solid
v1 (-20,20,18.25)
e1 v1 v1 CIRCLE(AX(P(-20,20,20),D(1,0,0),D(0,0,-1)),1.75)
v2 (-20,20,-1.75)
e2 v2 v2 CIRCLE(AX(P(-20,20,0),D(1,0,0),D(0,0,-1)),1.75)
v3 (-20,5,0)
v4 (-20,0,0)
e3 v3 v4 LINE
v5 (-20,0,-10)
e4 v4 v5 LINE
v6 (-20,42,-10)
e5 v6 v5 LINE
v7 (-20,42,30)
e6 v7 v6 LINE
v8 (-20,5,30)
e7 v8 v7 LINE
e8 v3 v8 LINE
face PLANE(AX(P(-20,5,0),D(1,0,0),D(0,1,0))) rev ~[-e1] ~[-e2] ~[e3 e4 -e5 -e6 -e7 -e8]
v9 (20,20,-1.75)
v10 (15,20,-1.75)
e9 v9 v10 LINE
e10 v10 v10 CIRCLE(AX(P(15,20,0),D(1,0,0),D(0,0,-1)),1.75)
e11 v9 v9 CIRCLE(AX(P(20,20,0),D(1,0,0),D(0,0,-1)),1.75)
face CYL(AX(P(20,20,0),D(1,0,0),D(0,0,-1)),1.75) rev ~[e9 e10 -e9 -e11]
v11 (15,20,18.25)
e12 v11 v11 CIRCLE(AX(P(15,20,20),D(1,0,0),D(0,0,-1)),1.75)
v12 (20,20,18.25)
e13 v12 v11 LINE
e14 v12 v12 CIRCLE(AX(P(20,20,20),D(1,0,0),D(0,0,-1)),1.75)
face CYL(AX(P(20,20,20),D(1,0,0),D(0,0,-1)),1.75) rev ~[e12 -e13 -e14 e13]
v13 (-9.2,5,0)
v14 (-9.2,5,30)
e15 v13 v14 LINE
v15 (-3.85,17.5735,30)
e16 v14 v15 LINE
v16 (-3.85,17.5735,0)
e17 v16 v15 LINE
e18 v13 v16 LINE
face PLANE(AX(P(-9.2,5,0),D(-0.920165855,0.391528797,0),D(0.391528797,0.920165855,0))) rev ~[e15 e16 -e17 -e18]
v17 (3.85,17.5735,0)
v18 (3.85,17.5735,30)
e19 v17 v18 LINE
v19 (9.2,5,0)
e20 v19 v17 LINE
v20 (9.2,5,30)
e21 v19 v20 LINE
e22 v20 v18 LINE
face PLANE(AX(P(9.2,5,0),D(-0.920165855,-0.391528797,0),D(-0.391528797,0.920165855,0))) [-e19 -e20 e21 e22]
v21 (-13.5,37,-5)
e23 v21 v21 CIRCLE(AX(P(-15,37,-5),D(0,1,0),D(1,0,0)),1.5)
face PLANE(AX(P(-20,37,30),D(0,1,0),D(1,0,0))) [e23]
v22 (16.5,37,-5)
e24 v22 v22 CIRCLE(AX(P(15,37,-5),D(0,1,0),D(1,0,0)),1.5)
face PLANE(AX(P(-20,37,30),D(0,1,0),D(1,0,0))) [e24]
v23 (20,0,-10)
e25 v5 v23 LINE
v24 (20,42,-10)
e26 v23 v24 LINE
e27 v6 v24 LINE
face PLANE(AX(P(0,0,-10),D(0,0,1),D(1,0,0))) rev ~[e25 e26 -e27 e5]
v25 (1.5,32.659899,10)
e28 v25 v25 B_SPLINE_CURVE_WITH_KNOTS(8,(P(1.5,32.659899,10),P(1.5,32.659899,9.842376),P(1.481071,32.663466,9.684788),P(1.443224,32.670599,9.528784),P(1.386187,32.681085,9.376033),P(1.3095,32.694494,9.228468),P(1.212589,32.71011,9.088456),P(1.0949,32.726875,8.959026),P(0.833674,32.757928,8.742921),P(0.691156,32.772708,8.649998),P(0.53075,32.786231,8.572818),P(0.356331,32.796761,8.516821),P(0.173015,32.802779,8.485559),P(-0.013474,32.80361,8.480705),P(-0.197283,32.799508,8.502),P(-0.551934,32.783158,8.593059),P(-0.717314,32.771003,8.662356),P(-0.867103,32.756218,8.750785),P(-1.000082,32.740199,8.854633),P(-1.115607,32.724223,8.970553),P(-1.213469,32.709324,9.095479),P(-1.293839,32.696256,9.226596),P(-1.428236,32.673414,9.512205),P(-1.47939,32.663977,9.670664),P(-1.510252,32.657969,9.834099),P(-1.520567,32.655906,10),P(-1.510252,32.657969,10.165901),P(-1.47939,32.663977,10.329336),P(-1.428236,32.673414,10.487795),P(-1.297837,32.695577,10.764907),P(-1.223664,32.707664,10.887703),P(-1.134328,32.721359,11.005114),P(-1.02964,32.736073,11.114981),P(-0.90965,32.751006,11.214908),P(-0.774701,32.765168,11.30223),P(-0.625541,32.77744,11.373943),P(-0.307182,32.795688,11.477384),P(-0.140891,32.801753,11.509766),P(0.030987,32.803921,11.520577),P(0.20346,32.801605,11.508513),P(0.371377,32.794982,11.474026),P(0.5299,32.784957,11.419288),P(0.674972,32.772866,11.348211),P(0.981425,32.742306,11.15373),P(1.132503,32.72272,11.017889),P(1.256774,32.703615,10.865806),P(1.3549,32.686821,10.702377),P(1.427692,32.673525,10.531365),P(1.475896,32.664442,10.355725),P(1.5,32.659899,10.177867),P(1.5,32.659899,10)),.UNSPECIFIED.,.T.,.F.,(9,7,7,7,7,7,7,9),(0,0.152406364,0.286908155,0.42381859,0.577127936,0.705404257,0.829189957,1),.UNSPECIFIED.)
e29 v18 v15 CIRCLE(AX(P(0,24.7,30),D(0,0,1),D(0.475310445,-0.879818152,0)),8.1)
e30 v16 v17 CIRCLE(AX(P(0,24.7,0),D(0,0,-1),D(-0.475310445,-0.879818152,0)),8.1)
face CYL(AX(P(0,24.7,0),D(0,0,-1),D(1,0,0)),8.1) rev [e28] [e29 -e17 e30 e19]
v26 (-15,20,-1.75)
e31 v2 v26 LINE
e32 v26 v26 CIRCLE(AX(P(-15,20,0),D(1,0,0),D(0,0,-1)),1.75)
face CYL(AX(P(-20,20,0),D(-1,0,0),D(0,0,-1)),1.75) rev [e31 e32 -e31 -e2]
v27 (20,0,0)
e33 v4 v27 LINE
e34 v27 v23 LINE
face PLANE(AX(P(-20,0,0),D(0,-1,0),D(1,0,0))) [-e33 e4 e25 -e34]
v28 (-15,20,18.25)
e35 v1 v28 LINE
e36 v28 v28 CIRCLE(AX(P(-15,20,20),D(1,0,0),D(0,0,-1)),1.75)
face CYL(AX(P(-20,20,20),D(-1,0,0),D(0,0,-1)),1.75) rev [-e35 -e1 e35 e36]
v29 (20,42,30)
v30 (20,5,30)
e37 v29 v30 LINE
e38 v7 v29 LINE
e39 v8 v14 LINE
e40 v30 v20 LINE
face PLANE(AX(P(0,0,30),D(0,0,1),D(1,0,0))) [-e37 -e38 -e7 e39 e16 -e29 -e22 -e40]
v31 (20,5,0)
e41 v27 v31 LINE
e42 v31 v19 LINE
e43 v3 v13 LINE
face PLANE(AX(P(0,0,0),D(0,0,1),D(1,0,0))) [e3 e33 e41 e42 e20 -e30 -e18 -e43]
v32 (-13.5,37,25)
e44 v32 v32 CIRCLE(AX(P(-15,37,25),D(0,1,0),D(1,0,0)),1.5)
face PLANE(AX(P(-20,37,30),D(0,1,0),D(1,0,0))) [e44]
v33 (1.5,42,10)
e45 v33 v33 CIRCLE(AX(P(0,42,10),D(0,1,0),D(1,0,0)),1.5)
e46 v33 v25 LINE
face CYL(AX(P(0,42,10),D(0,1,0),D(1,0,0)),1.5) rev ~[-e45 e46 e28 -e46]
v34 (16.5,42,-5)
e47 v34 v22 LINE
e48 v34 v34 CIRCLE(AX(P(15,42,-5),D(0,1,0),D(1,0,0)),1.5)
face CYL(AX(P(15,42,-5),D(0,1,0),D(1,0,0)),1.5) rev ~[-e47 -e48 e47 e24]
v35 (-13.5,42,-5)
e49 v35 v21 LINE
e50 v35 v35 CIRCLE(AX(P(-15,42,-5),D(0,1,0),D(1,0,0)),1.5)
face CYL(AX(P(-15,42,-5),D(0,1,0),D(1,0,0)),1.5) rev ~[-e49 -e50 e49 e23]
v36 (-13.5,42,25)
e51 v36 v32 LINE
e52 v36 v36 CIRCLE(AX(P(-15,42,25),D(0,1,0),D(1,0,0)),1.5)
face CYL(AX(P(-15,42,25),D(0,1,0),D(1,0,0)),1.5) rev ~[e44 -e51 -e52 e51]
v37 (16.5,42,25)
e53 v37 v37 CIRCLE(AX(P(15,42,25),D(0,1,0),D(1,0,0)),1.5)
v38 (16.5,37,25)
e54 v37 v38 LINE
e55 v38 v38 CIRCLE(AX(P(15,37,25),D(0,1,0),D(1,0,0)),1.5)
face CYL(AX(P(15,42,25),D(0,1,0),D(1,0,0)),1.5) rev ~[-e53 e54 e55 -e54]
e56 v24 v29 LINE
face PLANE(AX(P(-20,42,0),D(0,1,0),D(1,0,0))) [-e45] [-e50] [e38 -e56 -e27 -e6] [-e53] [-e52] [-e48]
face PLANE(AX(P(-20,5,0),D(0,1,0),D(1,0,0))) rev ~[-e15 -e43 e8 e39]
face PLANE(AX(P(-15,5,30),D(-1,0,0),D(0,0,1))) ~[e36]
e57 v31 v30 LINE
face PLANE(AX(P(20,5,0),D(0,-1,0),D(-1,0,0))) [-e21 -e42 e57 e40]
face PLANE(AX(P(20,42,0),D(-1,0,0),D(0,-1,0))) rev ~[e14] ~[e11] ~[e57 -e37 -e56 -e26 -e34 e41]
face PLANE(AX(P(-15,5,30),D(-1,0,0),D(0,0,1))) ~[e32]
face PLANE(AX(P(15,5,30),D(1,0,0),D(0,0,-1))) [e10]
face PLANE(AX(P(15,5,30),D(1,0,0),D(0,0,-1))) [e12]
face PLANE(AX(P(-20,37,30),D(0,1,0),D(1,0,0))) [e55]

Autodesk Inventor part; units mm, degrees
ref_plane "YZ Plane" through (0, 0, 0) normal (1, 0, 0) x (0, 1, 0)
ref_plane "XZ Plane" through (0, 0, 0) normal (0, 1, 0) x (-1, 0, 0)
ref_plane "XY Plane" through (0, 0, 0) normal (0, 0, 1) x (1, 0, 0)
sketch "Sketch1" plane through (0, 0, 0) normal (0, 0, 1) x (1, 0, 0)
  circle A0 centre (0, 24.7) radius 8.1
  line L0 (0, 24.7) -> (0, 0) construction
  line L1 (0, 0) -> (-20, 0) construction
  line L2 (-20, 5) -> (-9.2, 5)
  line L3 (-9.2, 5) -> (-3.85, 17.5735)
  line L4 (0, 0) -> (20, 0) construction
  line L5 (20, 0) -> (20, 5) construction
  line L6 (20, 5) -> (9.2, 5)
  line L7 (9.2, 5) -> (3.85, 17.5735)
  line L8 (0, 24.7) -> (0, 32.8) construction
  line L9 (-3.85, 17.5735) -> (3.85, 17.5735) construction
  line L10 (-20, 5) -> (-20, 42)
  line L11 (-20, 42) -> (20, 42)
  line L12 (20, 42) -> (20, 5)
  line L13 (-20, 5) -> (-20, 0)
  line L14 (-20, 0) -> (20, 0)
  line L15 (20, 0) -> (20, 5)
  line L16 (-9.2, 5) -> (9.2, 5)
  point P0 (0, 42)
  point P1 (-20, 5)
  dimension "d0" = 16.2
  dimension "d2" = 5
  dimension "d5" = 7.7
  dimension "d91" = 42
  dimension "d102" = 19.7
  dimension "d103" = 18.4
  dimension "d104" = 40
extrude "Extrusion1" add sketch "Sketch1" along normal blind 30 contours A0 L3 L2 L10 L11 L12 L6 L7
extrude "Extrusion2" add sketch "Sketch1" against normal blind 10
sketch "Sketch6" plane through (-20, 42, 30) normal (0, 1, 0) x (1, 0, 0)
  line L0 (0, 40) -> (0, 0) projected
  line L1 (40, 0) -> (0, 0) projected
  line L2 (0, 40) -> (40, 0) construction
  line L3 (40, 40) -> (0, 0) construction
  circle A0 centre (35, 5) radius 1.5
  circle A1 centre (5, 5) radius 1.5
  circle A2 centre (5, 35) radius 1.5
  circle A3 centre (35, 35) radius 1.5
  line L4 (35, 35) -> (35, 5) construction
  line L5 (5, 5) -> (35, 5) construction
  line L6 (5, 5) -> (5, 35) construction
  circle A4 centre (20, 20) radius 1.5
  line L7 (40, 40) -> (40, 0) projected
  line L8 (0, 40) -> (40, 40) projected
  point P0 (20, 30)
  dimension "d69" = 30
  dimension "d70" = 3
  dimension "d73" = 3
extrude "Extrusion8" cut sketch "Sketch6" against normal blind 5 contours A0 | A1 | A2 | A3
extrude "Extrusion9" cut sketch "Sketch6" against normal through all contours A4
sketch "Sketch8" plane through (20, 5, 30) normal (1, 0, 0) x (0, 0, -1)
  line L0 (0, 0) -> (0, 37) projected
  line L1 (30, 0) -> (0, 0) projected
  line L2 (20, 37) -> (20, 15) construction
  line L3 (20, 15) -> (10, 15) construction
  line L4 (20, 15) -> (30, 15) construction
  circle A0 centre (10, 15) radius 1.75
  circle A1 centre (30, 15) radius 1.75
  line L5 (40, 37) -> (0, 37) projected
  line L6 (30, -5) -> (30, 0) projected
  line L7 (30, -5) -> (40, -5) projected
  line L8 (40, 37) -> (40, -5) projected
  point P0 (30, -5)
  point P1 (35, -5)
  dimension "d97" = 3.5
  dimension "d98" = 3.5
  dimension "d105" = 20
  dimension "d106" = 20
  dimension "d107" = 20
extrude "Extrusion12" cut sketch "Sketch8" against normal blind 5 contours A0 | A1
mirror "Mirror1" about plane through (0, 0, 0) normal (1, 0, 0) of "Extrusion12"
properties part number "X Axis End_3DPrint"
